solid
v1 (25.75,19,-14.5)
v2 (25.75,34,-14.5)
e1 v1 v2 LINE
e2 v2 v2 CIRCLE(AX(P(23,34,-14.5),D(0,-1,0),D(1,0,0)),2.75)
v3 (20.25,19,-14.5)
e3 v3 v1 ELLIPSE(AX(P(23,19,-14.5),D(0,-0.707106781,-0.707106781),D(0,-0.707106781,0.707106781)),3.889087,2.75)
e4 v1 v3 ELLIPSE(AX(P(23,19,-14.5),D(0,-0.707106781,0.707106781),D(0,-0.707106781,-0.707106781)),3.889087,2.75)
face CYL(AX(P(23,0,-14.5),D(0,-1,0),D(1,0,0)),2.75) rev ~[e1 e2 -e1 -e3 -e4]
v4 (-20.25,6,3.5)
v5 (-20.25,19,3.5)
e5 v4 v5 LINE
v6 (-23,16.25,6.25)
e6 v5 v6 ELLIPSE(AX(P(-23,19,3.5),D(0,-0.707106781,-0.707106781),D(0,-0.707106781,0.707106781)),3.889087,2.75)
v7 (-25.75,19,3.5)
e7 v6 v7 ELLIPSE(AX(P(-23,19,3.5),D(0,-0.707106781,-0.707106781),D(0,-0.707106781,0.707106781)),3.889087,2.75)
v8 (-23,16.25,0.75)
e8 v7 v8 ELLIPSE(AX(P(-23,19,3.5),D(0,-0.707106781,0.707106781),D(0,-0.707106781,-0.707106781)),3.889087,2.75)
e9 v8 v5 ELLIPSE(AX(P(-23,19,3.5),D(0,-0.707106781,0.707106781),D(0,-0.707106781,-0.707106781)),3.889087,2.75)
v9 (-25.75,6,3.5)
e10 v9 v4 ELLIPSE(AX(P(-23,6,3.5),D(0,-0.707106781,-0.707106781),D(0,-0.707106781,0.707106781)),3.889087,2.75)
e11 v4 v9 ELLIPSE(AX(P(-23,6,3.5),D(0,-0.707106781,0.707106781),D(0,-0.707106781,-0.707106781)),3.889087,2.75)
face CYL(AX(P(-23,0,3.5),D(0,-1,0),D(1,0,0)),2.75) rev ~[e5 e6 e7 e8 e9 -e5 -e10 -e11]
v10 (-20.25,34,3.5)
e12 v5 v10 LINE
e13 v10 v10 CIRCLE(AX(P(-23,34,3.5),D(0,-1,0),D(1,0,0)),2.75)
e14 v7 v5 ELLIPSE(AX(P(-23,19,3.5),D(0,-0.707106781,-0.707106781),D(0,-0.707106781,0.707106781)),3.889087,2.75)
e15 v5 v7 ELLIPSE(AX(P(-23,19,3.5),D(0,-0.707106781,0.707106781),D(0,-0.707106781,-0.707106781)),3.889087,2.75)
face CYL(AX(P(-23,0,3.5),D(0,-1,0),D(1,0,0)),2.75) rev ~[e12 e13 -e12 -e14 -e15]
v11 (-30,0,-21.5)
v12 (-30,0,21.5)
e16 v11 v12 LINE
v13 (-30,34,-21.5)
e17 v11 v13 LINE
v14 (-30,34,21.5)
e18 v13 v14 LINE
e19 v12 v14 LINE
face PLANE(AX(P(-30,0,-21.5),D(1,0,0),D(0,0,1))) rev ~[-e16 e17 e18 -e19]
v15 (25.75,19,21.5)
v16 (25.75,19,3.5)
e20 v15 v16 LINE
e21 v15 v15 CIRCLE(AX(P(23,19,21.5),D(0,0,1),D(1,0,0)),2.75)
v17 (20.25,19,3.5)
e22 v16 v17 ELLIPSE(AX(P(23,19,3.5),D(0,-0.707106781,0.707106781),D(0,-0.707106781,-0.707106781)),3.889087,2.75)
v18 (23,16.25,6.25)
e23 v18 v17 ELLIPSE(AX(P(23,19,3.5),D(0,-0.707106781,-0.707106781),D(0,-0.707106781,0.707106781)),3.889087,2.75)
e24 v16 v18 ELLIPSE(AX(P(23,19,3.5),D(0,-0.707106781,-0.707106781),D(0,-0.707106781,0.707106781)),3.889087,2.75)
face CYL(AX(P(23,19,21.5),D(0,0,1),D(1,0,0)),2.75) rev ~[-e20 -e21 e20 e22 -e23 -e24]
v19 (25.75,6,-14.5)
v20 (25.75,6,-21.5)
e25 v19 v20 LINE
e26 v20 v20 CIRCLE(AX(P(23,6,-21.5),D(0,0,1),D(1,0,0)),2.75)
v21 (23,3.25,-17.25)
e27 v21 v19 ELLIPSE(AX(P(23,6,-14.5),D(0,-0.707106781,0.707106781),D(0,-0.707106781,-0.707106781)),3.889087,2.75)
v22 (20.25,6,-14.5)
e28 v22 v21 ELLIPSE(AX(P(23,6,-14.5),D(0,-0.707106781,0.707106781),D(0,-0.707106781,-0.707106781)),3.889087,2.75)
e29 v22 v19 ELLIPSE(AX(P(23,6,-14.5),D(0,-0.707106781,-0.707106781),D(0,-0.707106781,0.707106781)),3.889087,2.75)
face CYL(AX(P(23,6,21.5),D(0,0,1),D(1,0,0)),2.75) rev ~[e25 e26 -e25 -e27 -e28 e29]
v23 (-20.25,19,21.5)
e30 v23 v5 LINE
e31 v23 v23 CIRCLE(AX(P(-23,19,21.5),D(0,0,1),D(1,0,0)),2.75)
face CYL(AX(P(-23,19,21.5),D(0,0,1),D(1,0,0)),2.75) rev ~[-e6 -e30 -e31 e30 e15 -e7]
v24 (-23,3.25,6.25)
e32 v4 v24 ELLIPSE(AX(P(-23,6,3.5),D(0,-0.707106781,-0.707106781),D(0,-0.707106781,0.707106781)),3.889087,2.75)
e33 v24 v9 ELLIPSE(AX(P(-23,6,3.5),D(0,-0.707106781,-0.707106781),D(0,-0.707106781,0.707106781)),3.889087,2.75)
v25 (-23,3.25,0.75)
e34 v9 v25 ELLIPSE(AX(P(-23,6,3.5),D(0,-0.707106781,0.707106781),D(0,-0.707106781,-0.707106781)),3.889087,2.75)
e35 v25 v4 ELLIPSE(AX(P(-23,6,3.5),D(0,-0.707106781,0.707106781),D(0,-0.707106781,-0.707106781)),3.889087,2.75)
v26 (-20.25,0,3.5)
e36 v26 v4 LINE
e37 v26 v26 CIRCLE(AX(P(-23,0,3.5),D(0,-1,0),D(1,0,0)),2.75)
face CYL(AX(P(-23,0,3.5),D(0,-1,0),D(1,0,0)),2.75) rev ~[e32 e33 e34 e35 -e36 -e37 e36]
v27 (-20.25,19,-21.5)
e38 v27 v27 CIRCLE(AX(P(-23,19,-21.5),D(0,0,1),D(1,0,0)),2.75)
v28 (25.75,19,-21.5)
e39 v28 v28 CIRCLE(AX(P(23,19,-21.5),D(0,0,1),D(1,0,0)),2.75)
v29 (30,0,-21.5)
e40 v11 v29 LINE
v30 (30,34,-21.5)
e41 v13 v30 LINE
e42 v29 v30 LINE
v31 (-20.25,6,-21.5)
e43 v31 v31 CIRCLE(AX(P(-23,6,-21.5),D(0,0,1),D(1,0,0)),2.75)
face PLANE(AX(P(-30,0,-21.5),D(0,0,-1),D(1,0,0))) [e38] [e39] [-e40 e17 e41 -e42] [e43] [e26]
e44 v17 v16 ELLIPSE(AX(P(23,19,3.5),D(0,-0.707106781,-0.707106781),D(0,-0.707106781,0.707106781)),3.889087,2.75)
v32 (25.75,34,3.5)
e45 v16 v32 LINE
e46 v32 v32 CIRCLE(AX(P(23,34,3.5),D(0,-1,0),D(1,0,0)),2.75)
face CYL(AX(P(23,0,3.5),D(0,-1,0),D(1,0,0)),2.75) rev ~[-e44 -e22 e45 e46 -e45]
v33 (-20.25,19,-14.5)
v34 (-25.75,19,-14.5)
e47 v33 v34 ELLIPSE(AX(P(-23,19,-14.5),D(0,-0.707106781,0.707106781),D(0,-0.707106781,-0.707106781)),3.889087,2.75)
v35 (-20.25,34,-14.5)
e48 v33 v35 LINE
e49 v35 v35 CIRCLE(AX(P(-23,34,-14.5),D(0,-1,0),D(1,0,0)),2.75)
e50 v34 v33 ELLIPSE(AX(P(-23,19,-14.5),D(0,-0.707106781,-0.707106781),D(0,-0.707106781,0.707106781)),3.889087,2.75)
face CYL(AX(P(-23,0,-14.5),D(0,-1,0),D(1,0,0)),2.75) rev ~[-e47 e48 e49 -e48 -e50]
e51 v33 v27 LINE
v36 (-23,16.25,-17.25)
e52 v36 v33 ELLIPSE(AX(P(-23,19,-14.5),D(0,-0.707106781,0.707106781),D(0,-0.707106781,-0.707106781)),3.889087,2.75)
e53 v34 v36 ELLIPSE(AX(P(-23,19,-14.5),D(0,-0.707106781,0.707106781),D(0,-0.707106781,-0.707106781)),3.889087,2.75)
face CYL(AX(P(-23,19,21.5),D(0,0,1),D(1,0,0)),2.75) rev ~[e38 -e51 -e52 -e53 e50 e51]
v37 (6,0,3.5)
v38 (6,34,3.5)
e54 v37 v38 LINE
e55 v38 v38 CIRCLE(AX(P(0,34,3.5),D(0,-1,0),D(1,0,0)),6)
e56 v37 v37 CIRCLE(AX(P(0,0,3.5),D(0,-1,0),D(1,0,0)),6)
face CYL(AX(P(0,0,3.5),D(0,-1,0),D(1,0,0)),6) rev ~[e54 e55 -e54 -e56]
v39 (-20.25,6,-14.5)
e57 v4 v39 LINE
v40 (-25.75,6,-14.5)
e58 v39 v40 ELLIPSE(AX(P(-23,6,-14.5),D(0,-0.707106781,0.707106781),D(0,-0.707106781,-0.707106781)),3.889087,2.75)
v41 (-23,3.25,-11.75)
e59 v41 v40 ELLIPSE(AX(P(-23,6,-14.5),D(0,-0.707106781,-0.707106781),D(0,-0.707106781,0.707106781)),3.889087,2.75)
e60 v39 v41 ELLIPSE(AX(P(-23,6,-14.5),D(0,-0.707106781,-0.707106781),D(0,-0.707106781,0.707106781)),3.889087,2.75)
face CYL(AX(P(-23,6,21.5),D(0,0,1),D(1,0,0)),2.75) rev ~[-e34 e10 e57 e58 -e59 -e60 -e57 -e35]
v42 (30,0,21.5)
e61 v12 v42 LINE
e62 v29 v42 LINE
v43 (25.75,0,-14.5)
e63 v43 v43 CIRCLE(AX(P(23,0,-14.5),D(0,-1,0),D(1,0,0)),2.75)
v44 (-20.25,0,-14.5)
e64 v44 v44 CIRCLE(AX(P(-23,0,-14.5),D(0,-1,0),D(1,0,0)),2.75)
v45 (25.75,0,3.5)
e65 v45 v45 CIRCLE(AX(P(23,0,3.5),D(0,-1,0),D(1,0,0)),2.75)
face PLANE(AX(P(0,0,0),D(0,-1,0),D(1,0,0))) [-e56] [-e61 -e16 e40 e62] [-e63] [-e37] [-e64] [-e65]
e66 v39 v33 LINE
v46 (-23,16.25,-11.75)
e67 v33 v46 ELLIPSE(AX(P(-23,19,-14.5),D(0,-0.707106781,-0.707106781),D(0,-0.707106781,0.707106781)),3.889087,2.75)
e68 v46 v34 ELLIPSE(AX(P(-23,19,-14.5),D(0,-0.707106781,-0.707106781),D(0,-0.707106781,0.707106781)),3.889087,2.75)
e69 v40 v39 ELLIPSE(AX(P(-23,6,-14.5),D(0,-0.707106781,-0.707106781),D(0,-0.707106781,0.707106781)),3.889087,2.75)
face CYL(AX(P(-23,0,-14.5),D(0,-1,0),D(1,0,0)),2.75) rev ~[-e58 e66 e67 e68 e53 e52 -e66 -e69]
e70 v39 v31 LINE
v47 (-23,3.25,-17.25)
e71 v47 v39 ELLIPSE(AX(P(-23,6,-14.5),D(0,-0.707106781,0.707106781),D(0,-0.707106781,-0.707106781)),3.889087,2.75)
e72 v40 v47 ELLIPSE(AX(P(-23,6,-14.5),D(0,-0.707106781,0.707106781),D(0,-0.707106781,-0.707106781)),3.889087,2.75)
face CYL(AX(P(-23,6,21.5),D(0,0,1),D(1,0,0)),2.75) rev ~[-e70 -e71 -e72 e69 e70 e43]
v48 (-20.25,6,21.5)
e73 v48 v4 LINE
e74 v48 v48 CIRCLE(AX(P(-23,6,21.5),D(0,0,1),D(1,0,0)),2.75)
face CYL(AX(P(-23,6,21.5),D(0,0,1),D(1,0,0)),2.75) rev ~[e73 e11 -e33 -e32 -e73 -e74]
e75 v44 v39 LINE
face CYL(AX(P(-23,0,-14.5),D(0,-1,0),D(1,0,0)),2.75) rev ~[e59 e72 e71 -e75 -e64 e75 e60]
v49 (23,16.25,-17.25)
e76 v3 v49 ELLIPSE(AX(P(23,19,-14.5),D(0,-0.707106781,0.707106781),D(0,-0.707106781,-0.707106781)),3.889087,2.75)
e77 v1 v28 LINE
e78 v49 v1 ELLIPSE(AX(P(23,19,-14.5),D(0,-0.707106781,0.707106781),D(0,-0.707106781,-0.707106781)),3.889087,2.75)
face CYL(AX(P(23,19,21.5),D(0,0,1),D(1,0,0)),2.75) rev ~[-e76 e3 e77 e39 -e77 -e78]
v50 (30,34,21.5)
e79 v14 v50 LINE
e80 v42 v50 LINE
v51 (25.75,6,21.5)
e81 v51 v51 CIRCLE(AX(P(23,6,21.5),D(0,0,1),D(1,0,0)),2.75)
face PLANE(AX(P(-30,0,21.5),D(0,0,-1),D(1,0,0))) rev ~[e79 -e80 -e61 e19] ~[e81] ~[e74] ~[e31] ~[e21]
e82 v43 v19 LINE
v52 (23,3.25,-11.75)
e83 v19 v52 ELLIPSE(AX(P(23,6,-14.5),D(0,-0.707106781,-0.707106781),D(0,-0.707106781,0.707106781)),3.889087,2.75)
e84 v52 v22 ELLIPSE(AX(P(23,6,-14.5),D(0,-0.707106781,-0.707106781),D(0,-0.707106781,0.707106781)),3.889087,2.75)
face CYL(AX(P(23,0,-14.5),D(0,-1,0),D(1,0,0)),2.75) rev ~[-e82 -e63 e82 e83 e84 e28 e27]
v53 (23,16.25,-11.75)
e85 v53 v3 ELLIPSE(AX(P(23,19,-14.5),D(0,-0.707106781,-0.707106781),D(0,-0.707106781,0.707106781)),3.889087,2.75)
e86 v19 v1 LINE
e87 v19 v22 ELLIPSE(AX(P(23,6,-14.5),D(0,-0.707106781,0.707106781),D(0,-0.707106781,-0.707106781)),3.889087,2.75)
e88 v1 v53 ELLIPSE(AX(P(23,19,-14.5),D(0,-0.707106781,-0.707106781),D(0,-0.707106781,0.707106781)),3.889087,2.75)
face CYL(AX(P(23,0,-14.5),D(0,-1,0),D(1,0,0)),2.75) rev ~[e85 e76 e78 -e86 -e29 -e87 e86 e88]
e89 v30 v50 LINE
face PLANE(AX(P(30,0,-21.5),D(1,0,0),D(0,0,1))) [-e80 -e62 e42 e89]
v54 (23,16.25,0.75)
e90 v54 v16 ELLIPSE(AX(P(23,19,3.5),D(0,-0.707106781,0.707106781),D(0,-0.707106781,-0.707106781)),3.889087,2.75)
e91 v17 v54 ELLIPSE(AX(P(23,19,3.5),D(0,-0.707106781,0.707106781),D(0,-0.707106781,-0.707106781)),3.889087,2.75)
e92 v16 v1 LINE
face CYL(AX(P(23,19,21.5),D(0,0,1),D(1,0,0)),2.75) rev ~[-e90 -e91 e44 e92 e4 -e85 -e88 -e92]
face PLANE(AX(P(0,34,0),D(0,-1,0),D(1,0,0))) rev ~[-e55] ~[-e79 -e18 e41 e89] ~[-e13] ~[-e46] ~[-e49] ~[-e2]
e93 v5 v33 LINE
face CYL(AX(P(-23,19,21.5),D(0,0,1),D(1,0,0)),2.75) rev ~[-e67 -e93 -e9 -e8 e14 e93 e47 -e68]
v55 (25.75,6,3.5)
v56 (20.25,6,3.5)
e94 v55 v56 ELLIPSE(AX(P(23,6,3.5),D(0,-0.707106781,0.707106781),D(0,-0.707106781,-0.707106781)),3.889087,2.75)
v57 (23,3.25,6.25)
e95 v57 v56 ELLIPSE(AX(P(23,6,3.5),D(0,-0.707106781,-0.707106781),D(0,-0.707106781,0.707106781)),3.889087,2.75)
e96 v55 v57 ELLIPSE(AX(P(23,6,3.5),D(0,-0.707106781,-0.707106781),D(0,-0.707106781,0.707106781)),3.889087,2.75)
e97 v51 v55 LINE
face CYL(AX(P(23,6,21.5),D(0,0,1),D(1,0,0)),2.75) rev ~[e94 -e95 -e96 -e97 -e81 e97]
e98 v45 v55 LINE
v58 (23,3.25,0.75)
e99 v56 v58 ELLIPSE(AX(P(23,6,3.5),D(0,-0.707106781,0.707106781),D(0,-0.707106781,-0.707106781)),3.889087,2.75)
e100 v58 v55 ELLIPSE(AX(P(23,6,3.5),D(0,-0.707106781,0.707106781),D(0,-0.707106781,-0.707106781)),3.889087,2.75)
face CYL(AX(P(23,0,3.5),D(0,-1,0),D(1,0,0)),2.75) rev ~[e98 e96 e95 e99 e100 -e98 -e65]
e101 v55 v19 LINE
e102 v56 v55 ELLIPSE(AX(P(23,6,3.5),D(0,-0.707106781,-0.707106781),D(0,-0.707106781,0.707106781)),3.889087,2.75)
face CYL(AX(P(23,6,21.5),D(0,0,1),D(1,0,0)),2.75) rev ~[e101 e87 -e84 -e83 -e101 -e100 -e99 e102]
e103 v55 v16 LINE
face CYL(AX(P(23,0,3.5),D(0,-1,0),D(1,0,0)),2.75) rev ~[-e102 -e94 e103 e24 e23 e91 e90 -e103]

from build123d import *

# Parameters (mm, degrees)
F0_W     = 60
F0_H     = 43
F0_R     = 6
F1_DEPTH = 34
F2_R     = 2.75
F3_DEPTH = 34.001
F4_R     = 2.75
F5_DEPTH = 43.001


with BuildPart() as f1:
    # F0 (on Front) → F1 (new body)
    with BuildSketch(Plane.XZ):
        Rectangle(F0_W, F0_H)
        with Locations((0, 3.5)):
            Circle(F0_R, mode=Mode.SUBTRACT)
    extrude(amount=-F1_DEPTH)

    # F2 (on face) → F3 (cut, through all)
    with BuildSketch(Plane.XZ):
        with Locations((23, 3.5)):
            Circle(F2_R)
        with Locations((-23, -14.5)):
            Circle(F2_R)
        with Locations((23, -14.5)):
            Circle(F2_R)
        with Locations((-23, 3.5)):
            Circle(F2_R)
    extrude(amount=-F3_DEPTH, mode=Mode.SUBTRACT)

    # F4 (on face) → F5 (cut, through all)
    with BuildSketch(Plane.XY.offset(21.5)):
        with Locations((-23, 19)):
            Circle(F4_R)
        with Locations((-23, 6)):
            Circle(F4_R)
        with Locations((23, 6)):
            Circle(F4_R)
        with Locations((23, 19)):
            Circle(F4_R)
    extrude(amount=-F5_DEPTH, mode=Mode.SUBTRACT)


solid = f1.part
